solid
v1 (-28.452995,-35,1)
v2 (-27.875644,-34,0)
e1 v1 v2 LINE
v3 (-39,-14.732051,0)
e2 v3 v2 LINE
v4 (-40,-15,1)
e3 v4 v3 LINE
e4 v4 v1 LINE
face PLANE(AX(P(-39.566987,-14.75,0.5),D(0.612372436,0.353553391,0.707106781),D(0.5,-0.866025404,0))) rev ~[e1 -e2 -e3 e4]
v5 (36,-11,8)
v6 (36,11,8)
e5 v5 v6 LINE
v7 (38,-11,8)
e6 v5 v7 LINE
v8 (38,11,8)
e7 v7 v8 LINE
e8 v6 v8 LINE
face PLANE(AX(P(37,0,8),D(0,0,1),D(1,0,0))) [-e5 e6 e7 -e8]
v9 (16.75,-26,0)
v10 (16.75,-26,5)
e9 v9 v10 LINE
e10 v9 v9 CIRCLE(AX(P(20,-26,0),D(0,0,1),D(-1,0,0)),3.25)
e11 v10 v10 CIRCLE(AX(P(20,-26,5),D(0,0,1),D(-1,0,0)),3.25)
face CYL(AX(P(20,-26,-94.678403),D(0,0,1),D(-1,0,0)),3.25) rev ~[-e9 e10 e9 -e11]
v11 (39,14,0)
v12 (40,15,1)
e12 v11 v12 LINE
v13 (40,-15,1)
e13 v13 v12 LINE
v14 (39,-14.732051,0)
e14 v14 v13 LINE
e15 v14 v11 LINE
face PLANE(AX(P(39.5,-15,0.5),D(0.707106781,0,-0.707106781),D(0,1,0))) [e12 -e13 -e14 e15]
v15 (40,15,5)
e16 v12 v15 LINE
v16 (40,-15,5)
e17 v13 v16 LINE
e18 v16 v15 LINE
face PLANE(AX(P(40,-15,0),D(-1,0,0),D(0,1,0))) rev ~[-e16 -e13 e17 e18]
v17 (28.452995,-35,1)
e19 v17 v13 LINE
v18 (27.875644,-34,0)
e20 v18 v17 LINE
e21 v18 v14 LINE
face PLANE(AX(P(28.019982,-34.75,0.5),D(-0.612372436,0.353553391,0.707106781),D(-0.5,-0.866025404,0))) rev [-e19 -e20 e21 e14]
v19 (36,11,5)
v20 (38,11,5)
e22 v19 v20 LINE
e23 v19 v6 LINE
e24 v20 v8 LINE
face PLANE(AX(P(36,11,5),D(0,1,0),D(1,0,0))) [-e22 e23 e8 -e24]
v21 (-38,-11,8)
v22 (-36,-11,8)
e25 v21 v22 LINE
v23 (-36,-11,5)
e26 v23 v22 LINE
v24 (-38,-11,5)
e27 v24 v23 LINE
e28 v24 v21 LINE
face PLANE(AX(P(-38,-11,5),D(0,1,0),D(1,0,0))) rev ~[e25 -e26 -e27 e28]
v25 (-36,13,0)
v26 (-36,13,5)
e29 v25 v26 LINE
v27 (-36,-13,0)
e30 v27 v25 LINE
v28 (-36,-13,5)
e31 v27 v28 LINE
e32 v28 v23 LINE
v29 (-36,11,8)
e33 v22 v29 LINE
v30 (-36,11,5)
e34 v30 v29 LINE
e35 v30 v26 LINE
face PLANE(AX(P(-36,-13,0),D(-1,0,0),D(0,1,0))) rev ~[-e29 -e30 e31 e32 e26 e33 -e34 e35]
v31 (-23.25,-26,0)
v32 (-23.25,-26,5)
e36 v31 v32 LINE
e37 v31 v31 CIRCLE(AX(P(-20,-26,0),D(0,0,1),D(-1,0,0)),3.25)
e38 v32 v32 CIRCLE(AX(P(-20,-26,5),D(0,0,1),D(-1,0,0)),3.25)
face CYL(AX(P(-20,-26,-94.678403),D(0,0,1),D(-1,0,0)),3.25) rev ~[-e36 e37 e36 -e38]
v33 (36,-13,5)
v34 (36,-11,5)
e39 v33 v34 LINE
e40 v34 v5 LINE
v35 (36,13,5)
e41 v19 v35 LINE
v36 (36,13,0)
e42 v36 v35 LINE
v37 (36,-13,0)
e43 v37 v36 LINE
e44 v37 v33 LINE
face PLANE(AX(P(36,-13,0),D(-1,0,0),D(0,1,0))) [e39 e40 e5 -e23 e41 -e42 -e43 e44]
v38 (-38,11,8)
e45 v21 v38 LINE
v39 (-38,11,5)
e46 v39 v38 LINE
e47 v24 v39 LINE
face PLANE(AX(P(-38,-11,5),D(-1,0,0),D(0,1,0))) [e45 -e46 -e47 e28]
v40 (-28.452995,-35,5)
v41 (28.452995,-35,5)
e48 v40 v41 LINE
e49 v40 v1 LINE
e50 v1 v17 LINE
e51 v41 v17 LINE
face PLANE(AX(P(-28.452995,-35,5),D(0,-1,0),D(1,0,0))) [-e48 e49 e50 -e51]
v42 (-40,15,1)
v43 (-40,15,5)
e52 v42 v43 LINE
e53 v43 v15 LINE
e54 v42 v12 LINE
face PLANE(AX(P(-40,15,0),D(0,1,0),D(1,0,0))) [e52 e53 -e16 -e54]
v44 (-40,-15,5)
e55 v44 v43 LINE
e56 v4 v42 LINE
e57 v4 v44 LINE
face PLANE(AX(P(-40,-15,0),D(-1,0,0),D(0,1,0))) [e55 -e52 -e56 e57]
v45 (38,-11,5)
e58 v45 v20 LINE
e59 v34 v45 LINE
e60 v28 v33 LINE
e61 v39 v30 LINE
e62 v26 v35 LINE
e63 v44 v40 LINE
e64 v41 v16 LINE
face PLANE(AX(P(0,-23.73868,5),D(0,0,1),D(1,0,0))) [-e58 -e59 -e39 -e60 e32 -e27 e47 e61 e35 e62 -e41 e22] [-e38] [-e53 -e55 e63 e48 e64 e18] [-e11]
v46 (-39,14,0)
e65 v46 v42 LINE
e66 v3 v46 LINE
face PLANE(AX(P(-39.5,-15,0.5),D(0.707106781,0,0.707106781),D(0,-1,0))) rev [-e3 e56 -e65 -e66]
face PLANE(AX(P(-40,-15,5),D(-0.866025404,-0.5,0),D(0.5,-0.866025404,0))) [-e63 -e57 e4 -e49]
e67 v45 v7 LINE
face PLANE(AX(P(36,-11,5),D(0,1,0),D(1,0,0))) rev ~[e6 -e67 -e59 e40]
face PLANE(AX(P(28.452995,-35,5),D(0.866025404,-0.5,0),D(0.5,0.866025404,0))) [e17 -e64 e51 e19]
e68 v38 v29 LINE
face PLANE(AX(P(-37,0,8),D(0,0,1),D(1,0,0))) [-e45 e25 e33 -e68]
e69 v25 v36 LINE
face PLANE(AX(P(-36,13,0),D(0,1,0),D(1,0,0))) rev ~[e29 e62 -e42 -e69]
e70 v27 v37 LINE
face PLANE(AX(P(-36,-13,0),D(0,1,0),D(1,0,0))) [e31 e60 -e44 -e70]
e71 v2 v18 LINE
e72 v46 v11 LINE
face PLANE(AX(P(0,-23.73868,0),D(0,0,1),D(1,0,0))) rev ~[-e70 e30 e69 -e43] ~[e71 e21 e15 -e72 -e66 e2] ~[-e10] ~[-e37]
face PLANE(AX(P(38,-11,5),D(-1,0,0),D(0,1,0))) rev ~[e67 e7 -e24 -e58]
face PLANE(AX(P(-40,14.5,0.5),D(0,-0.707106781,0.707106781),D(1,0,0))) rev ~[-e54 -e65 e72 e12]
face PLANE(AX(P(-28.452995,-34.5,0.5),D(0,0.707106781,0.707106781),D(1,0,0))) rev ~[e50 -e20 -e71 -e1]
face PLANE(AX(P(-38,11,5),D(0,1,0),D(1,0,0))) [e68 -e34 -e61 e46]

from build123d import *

# Parameters (mm, degrees)
F0_W     = 80
F0_H     = 30
F0_W_2   = 72
F0_H_2   = 26
F1_DEPTH = 5
F2_W     = 2
F2_H     = 22
F3_DEPTH = 3
F5_DEPTH = 5
F6_SIZE  = 1
F8_D     = 6.5
F9_D     = 6.5


with BuildPart() as f1:
    # F0 (on Top) → F1 (new body)
    with BuildSketch(Plane.XY):
        Rectangle(F0_W, F0_H)
        Rectangle(F0_W_2, F0_H_2, mode=Mode.SUBTRACT)
    extrude(amount=F1_DEPTH)

    # F2 (on face) → F3 (join)
    with BuildSketch(Plane.XY.offset(5)):
        with Locations((-37, 0)):
            Rectangle(F2_W, F2_H)
        with Locations((37, 0)):
            Rectangle(F2_W, F2_H)
    extrude(amount=F3_DEPTH)

    # F4 (on face) → F5 (join)
    with BuildSketch(Plane.XY.offset(5)):
        Polygon((40, -15), (-40, -15), (-28.4529946162, -35), (28.4529946162, -35), align=None)
    extrude(amount=-F5_DEPTH)

    # F6
    f6_edges = [f1.edges().sort_by_distance(p)[0] for p in [
        (0, 15, 0),
        (-40, 0, 0),
        (40, 0, 0),
        (34.226497, -25, 0),
        (0, -35, 0),
        (-34.226497, -25, 0),
    ]]
    chamfer(f6_edges, length=F6_SIZE)

    # F8 (through all)
    with Locations(Plane(origin=(0, 0, 0), x_dir=(1, 0, 0), z_dir=(0, 0, -1))):
        with Locations((20, 26)):
            Hole(F8_D / 2)

    # F9 (through all)
    with Locations(Plane(origin=(0, 0, 0), x_dir=(1, 0, 0), z_dir=(0, 0, -1))):
        with Locations((-20, 26)):
            Hole(F9_D / 2)


solid = f1.part
